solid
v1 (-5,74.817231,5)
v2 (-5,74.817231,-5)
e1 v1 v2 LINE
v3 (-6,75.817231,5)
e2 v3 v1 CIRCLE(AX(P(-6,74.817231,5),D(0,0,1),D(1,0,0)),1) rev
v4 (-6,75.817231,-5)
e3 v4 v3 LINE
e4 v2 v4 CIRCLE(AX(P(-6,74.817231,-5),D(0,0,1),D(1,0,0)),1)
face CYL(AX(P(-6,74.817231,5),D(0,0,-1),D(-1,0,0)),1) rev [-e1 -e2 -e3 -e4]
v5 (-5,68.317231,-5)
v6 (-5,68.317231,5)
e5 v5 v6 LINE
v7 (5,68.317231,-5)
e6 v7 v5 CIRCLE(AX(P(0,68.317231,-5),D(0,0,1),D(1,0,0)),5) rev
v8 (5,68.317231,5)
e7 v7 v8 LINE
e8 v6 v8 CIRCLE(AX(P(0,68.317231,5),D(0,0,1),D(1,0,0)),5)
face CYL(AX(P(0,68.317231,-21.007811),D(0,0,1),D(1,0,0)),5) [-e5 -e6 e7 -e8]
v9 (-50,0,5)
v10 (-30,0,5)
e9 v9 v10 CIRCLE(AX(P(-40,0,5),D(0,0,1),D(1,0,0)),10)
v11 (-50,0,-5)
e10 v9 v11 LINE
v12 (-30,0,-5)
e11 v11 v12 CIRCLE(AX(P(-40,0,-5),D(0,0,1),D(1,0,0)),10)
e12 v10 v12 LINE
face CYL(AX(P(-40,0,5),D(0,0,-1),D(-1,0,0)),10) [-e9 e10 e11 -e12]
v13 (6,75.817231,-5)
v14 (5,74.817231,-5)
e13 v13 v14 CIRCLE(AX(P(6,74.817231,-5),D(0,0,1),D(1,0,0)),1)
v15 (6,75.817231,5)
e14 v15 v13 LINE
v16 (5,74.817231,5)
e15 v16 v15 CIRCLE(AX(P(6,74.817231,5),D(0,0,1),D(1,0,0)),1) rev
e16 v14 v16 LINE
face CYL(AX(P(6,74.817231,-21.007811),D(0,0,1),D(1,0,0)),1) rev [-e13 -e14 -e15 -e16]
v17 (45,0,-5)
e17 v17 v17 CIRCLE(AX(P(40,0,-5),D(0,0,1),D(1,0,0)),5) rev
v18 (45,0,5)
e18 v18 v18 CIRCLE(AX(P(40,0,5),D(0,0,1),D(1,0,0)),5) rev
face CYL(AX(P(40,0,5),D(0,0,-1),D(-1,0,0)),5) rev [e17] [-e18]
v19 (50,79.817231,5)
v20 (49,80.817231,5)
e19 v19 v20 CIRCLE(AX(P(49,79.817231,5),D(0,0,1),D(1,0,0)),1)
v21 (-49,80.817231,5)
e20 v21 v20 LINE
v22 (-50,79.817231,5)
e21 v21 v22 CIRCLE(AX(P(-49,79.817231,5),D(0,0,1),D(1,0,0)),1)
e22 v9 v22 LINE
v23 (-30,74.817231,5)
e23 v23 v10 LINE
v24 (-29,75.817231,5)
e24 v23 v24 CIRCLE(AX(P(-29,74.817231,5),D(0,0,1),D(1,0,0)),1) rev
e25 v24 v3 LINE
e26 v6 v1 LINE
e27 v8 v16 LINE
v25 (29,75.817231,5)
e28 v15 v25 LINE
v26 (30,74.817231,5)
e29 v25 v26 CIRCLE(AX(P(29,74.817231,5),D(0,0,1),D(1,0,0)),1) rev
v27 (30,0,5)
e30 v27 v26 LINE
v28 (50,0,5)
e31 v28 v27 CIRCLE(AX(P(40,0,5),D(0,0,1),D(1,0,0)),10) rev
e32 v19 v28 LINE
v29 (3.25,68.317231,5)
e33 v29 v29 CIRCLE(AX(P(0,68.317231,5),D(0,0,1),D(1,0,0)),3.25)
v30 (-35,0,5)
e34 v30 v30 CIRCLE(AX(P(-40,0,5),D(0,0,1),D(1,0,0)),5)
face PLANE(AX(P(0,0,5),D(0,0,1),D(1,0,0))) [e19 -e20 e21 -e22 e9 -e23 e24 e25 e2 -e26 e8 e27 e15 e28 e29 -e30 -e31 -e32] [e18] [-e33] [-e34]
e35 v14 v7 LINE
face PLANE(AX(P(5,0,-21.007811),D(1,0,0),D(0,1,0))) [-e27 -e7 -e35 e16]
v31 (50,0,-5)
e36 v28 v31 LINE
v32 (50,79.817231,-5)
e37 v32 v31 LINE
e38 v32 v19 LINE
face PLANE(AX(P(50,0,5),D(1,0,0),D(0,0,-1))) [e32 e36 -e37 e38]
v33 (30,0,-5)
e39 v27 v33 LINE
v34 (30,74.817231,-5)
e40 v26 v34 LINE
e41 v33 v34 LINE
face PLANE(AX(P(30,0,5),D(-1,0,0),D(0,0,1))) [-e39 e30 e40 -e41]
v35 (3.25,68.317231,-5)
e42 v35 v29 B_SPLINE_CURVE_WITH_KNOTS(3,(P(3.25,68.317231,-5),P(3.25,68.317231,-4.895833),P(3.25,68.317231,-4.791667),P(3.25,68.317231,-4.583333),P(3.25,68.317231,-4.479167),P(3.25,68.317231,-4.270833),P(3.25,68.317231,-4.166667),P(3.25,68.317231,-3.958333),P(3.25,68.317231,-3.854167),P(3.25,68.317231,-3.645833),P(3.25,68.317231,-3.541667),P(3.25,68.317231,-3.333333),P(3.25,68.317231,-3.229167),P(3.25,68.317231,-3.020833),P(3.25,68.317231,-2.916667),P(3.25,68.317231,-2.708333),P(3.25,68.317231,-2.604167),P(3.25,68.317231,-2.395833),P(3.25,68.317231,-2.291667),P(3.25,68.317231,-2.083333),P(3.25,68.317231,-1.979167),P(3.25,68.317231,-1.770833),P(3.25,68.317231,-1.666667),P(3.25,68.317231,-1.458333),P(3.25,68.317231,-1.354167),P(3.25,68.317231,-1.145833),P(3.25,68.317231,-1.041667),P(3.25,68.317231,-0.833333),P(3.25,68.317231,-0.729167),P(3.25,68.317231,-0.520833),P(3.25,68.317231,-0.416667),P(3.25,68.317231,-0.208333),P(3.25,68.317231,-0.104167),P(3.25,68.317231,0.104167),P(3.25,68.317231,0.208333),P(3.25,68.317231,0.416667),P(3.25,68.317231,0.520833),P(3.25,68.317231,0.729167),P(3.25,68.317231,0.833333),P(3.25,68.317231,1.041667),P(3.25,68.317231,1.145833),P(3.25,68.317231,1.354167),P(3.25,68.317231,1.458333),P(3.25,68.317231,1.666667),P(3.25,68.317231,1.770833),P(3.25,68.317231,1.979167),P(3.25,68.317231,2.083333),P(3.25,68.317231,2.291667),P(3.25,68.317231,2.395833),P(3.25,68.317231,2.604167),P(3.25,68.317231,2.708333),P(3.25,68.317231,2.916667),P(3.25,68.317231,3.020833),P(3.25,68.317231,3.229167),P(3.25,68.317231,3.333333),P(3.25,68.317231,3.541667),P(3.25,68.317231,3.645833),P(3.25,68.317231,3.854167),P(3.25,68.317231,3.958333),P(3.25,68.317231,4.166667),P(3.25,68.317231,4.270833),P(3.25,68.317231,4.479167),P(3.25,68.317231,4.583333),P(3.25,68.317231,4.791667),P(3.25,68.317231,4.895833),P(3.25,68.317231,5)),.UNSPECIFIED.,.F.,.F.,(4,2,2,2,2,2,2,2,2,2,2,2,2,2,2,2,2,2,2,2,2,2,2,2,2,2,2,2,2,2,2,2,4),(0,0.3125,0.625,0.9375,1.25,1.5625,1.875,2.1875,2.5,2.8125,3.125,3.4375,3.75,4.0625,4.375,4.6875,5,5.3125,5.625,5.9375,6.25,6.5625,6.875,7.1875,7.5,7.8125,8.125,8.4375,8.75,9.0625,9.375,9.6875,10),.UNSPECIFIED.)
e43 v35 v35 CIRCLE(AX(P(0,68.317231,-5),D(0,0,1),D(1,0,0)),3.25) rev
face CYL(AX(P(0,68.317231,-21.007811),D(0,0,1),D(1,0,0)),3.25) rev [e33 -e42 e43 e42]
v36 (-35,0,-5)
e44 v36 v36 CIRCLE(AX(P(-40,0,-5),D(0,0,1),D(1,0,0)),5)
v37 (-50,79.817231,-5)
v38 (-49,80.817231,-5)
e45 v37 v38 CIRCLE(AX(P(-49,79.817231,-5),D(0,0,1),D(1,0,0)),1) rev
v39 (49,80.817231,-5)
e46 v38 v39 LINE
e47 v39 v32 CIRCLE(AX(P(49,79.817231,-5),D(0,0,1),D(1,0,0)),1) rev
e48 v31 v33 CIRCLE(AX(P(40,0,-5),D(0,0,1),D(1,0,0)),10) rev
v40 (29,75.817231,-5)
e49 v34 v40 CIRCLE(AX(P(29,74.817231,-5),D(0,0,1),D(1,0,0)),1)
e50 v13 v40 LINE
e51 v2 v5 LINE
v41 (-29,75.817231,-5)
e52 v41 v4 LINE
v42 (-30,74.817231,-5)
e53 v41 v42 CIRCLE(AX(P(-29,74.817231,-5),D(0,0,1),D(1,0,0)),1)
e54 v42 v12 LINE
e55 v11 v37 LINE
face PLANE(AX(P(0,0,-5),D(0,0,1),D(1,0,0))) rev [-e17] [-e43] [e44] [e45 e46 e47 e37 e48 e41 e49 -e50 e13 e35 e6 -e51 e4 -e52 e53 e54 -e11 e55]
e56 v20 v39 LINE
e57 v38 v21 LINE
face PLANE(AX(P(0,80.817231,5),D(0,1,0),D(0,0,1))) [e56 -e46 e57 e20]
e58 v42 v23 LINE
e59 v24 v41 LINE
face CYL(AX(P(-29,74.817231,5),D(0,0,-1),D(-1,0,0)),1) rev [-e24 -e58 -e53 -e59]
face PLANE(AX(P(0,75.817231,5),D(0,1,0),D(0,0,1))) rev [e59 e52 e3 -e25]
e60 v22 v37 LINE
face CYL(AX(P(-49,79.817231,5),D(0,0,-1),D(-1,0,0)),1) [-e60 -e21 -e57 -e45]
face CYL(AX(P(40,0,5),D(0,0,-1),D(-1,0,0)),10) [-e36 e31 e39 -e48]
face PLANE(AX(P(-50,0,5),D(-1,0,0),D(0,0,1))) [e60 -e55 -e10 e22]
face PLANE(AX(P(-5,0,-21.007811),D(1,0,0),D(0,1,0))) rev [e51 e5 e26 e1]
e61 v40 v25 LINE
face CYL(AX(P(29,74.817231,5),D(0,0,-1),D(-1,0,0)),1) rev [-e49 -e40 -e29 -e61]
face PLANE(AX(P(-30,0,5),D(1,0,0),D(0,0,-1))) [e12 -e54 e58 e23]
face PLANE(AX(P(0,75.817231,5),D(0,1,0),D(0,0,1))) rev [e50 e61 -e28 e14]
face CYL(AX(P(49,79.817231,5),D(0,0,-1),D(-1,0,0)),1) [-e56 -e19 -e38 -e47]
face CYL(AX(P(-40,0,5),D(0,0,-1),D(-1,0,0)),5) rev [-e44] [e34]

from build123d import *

# Parameters (mm, degrees)
SKETCH1_W           = 60
SKETCH1_H           = 5
SKETCH1_R           = 10
SKETCH1_R_2         = 5
BOSS_EXTRUDE1_DEPTH = 5
SKETCH2_R           = 3.25
BOSS_EXTRUDE2_DEPTH = 10
FILLET1_R           = 1


with BuildPart() as part:
    # Sketch1 → Boss-Extrude1 (new, symmetric)
    with BuildSketch(Plane.XY):
        with BuildLine():
            Line((-50, 80.817230765), (-50, 0))
            ThreePointArc((-50, 0), (-40, 10), (-30, 0))
            Line((-30, 0), (-30, 75.817230765))
            Line((-30, 75.817230765), (-30, 80.817230765))
            Line((-30, 80.817230765), (-50, 80.817230765))
        make_face()
        with Locations((0, 78.317230765)):
            Rectangle(SKETCH1_W, SKETCH1_H)
        with BuildLine():
            Line((50, 80.817230765), (30, 80.817230765))
            Line((30, 80.817230765), (30, 75.817230765))
            Line((30, 75.817230765), (30, 0))
            ThreePointArc((30, 0), (40, 10), (50, 0))
            Line((50, 0), (50, 80.817230765))
        make_face()
        with Locations((-40, 0)):
            Circle(SKETCH1_R)
        with Locations((-40, 0)):
            Circle(SKETCH1_R_2, mode=Mode.SUBTRACT)
        with Locations((40, 0)):
            Circle(SKETCH1_R)
        with Locations((40, 0)):
            Circle(SKETCH1_R_2, mode=Mode.SUBTRACT)
    extrude(amount=BOSS_EXTRUDE1_DEPTH, both=True)

    # Sketch2 → Boss-Extrude2 (add)
    with BuildSketch(Plane.XY.offset(5)):
        with BuildLine():
            Line((-5, 75.817230765), (-5, 68.317230765))
            ThreePointArc((-5, 68.317230765), (0, 63.317230765), (5, 68.317230765))
            Line((5, 68.317230765), (5, 75.817230765))
            Line((5, 75.817230765), (-5, 75.817230765))
        make_face()
        with Locations((0, 68.317230765)):
            Circle(SKETCH2_R, mode=Mode.SUBTRACT)
    extrude(amount=-BOSS_EXTRUDE2_DEPTH)

    # Fillet1
    fillet1_edges = [part.edges().sort_by_distance(p)[0] for p in [
        (-50, 80.817230765, 0),
        (50, 80.817230765, 0),
        (30, 75.817230765, 0),
        (-30, 75.817230765, 0),
        (-5, 75.817230765, 0),
        (5, 75.817230765, 0),
    ]]
    fillet(fillet1_edges, radius=FILLET1_R)


solid = part.part
